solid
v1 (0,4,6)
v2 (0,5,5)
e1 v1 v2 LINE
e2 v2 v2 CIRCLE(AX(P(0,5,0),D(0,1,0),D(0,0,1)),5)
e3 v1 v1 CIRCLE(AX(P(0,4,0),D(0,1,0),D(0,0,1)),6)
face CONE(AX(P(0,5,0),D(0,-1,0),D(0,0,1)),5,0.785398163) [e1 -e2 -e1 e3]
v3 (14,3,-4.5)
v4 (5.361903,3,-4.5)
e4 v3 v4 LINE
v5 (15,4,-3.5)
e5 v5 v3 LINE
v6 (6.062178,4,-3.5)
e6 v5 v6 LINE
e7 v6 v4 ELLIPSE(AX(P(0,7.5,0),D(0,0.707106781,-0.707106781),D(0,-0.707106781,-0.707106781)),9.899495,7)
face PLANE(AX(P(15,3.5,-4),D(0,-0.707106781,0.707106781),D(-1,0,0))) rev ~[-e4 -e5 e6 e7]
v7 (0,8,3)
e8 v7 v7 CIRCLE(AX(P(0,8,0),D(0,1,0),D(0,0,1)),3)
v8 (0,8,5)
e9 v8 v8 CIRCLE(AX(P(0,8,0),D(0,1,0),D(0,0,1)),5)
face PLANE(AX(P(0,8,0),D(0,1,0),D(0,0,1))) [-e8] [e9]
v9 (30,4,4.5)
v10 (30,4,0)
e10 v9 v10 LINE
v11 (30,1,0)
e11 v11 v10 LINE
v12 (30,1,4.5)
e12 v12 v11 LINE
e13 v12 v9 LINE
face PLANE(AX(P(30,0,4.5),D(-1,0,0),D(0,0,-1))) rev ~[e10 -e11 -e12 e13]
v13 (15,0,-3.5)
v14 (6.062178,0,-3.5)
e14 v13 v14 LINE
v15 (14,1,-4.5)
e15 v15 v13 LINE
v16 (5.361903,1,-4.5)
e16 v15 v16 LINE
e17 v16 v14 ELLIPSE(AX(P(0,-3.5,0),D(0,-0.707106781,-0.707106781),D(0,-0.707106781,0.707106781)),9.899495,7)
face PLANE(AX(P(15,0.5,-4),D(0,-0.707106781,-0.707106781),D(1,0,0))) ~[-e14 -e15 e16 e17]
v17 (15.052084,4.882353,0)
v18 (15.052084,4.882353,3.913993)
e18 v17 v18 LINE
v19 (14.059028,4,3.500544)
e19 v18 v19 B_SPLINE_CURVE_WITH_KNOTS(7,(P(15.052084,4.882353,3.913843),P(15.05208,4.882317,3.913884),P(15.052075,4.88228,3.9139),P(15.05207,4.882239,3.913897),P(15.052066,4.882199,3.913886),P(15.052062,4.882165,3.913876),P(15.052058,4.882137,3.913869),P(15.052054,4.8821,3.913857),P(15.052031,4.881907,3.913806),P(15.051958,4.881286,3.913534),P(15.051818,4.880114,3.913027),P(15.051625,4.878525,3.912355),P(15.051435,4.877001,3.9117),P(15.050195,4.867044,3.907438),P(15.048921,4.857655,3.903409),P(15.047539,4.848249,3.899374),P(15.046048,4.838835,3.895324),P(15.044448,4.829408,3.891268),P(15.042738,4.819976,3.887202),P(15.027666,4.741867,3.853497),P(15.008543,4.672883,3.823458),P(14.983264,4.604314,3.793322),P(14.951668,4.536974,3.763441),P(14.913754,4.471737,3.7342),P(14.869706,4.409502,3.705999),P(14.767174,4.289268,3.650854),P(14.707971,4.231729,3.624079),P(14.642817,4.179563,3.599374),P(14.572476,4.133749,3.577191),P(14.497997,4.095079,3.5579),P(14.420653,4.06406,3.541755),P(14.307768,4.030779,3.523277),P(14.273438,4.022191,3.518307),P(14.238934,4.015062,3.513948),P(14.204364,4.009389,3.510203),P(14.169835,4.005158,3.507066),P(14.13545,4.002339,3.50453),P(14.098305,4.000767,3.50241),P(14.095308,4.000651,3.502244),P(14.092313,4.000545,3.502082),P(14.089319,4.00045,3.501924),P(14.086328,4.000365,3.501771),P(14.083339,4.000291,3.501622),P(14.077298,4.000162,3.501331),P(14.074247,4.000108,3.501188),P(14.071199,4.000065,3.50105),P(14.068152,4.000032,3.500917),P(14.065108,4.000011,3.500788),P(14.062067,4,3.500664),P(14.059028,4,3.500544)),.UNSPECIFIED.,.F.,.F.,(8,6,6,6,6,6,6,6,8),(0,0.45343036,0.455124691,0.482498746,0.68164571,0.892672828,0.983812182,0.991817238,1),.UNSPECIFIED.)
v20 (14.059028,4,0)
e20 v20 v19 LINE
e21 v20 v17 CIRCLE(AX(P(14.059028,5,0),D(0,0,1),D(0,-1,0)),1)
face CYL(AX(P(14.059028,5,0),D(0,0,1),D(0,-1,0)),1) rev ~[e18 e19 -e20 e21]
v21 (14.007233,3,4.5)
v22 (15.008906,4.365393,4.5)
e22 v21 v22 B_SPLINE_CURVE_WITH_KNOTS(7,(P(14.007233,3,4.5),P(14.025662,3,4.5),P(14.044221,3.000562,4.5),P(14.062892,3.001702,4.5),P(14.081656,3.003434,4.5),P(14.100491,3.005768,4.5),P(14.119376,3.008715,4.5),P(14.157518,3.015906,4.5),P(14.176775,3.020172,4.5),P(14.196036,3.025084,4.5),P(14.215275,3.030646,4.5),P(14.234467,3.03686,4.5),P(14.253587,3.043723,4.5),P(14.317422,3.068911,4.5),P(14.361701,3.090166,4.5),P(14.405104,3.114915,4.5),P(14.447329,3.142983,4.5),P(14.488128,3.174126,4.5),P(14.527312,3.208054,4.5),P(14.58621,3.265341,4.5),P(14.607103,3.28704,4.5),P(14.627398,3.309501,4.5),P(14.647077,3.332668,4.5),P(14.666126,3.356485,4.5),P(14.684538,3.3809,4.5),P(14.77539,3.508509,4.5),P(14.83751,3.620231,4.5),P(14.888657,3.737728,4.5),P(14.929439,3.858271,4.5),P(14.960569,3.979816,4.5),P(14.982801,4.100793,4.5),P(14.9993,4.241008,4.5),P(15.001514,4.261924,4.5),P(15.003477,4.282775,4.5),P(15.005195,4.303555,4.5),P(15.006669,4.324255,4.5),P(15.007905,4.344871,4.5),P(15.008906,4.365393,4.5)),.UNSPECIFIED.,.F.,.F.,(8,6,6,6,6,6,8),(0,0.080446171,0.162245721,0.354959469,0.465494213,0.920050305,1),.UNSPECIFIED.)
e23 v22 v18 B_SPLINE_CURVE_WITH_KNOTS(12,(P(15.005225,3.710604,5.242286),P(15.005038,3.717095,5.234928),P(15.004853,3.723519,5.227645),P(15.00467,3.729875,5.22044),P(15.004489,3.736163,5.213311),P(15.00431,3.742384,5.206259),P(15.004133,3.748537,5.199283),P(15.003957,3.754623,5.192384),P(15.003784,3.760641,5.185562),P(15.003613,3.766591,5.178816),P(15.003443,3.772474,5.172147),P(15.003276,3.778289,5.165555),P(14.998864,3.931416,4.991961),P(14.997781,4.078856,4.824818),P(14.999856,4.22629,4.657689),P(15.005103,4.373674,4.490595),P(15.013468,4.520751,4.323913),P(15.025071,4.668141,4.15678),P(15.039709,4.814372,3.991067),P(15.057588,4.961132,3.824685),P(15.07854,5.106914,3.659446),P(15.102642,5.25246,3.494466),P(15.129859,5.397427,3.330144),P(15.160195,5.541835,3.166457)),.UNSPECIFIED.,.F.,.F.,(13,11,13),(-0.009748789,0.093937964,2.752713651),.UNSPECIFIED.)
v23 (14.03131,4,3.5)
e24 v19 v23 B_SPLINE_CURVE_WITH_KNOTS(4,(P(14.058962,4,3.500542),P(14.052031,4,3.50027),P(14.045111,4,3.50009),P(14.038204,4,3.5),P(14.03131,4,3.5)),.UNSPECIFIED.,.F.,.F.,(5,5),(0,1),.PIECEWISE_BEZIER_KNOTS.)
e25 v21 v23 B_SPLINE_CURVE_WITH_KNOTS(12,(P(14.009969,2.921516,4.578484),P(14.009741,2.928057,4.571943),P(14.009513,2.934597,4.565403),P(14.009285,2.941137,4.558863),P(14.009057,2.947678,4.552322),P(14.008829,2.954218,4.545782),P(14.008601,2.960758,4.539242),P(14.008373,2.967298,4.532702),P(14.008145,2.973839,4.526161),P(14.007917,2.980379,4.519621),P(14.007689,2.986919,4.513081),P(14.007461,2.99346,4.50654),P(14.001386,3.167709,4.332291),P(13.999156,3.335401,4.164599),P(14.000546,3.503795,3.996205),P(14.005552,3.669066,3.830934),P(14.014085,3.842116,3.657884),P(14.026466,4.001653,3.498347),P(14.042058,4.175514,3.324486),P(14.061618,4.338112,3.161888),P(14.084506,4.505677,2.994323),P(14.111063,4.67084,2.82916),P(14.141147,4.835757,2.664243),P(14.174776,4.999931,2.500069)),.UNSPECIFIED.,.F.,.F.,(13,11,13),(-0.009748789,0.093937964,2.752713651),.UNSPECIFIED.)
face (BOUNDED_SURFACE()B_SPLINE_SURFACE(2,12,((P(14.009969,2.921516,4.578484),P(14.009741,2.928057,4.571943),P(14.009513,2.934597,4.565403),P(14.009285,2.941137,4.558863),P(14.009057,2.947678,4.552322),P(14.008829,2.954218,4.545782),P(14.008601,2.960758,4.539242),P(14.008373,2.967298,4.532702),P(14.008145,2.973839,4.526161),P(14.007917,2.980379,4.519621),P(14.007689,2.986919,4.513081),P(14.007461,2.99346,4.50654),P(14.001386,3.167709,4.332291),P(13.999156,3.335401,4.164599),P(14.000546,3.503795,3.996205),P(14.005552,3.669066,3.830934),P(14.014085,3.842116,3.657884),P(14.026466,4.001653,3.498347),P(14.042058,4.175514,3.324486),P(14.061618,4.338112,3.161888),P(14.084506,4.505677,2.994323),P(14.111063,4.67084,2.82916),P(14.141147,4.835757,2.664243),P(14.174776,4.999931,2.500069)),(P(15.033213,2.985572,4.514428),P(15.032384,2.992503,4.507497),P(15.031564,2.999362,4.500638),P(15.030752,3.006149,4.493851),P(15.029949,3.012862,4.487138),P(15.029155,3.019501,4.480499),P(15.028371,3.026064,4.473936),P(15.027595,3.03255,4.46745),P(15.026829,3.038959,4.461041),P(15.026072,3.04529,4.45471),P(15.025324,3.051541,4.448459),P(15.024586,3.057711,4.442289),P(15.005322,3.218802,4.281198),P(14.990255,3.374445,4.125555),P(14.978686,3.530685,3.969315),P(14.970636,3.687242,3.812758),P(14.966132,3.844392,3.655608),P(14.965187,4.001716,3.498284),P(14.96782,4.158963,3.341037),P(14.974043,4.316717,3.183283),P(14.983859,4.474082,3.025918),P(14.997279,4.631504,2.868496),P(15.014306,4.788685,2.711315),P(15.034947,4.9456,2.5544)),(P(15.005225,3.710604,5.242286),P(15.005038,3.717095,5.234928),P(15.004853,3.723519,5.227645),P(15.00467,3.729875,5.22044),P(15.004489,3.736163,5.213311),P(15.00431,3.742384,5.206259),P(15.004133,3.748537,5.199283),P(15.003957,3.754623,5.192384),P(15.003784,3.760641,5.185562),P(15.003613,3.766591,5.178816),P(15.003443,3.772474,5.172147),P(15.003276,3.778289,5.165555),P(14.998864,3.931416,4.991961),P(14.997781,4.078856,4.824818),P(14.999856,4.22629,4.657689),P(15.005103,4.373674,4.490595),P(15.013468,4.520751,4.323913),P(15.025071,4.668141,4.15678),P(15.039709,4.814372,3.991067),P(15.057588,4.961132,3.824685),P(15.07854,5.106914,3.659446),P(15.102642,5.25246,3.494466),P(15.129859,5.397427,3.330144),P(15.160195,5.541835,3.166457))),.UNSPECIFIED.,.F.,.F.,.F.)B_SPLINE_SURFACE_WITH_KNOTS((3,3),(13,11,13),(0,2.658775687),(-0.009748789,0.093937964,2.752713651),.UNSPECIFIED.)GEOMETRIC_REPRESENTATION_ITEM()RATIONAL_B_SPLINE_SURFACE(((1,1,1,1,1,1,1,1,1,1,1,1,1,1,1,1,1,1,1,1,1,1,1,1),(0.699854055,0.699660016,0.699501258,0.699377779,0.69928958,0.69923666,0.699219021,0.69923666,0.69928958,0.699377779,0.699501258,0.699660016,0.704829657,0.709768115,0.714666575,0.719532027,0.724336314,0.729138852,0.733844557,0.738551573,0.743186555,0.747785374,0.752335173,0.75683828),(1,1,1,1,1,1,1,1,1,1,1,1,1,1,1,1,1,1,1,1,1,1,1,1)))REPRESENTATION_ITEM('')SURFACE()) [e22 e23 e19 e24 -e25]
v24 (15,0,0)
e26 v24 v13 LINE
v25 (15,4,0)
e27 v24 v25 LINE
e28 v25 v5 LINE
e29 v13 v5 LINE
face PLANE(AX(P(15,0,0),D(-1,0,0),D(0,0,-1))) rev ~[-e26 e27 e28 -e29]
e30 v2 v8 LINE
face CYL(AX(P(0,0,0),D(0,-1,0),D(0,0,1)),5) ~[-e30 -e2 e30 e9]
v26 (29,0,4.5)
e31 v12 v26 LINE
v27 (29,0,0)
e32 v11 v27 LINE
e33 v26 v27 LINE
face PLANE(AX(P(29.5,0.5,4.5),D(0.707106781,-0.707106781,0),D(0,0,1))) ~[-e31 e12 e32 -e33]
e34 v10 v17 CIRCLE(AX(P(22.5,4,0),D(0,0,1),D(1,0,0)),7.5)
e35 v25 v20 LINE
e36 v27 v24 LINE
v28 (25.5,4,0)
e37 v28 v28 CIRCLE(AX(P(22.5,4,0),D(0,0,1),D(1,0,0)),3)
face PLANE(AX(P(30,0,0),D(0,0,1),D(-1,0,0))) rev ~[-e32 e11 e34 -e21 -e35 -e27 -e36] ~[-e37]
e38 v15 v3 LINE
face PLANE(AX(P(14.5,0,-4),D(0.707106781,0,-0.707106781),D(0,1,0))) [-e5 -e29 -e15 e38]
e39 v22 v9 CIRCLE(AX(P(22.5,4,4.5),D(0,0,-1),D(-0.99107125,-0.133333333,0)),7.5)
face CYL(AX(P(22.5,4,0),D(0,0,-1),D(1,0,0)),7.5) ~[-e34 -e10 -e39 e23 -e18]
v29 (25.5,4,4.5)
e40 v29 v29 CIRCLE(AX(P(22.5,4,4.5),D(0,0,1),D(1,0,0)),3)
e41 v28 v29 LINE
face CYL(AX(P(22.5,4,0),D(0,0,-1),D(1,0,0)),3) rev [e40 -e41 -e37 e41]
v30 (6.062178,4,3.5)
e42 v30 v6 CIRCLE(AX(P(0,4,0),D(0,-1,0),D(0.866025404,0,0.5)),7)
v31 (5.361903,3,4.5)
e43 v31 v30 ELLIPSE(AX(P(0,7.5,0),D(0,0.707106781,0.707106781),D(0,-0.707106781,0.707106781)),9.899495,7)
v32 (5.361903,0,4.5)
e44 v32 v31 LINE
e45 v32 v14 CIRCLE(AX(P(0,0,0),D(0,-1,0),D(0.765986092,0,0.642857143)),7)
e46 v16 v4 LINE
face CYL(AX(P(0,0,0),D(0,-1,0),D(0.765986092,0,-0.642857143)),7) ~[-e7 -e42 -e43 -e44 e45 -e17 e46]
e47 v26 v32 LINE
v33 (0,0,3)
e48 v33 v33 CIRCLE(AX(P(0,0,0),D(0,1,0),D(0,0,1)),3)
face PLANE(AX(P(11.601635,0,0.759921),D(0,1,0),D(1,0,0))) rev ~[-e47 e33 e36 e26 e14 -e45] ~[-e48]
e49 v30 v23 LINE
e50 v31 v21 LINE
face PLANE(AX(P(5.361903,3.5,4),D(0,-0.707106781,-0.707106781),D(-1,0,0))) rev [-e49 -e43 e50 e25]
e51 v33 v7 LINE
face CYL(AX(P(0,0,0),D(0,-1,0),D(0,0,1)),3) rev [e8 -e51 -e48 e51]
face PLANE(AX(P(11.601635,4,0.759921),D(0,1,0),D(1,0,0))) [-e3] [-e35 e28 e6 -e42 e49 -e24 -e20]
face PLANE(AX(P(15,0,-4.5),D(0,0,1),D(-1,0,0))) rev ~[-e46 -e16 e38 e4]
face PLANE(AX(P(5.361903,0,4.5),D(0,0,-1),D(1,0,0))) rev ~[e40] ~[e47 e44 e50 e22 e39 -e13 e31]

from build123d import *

# Parameters (mm, degrees)
SKETCH1_R           = 5
BOSS_EXTRUDE1_DEPTH = 4
SKETCH1_3_R         = 5
SKETCH1_3_R_2       = 3
BOSS_EXTRUDE2_DEPTH = 8
SKETCH2_R           = 3
BOSS_EXTRUDE3_DEPTH = 4.5
CUT_EXTRUDE1_START  = -4.5
SKETCH3_R           = 3
CUT_EXTRUDE1_DEPTH  = 4.5
CHAMFER1_SIZE       = 1
FILLET1_R           = 1


with BuildPart() as part:
    # Sketch1 → Boss-Extrude1 (new body)
    with BuildSketch(Plane(origin=(0, 0, 0), x_dir=(1, 0, 0), z_dir=(0, 1, 0))):
        with BuildLine():
            Line((15, 0), (15, 4.5))
            Line((15, 4.5), (5.361902647, 4.5))
            ThreePointArc((5.361902647, 4.5), (-7, 0), (5.361902647, -4.5))
            Line((5.361902647, -4.5), (30, -4.5))
            Line((30, -4.5), (30, 0))
            Line((30, 0), (15, 0))
        make_face()
        Circle(SKETCH1_R, mode=Mode.SUBTRACT)
    extrude(amount=BOSS_EXTRUDE1_DEPTH)

    # Sketch1<3> → Boss-Extrude2 (add)
    with BuildSketch(Plane(origin=(0, 0, 0), x_dir=(1, 0, 0), z_dir=(0, 1, 0))):
        Circle(SKETCH1_3_R)
        Circle(SKETCH1_3_R_2, mode=Mode.SUBTRACT)
    extrude(amount=BOSS_EXTRUDE2_DEPTH)

    # Sketch2 → Boss-Extrude3 (add)
    with BuildSketch(Plane.XY):
        with BuildLine():
            Line((15, 4), (15, 0))
            Line((15, 0), (30, 0))
            Line((30, 0), (30, 4))
            ThreePointArc((30, 4), (22.5, 11.5), (15, 4))
        make_face()
        with Locations((22.5, 4)):
            Circle(SKETCH2_R, mode=Mode.SUBTRACT)
    extrude(amount=BOSS_EXTRUDE3_DEPTH)

    # Sketch3 → Cut-Extrude1 (cut)
    with BuildSketch(Plane.XY.offset(4.5).offset(CUT_EXTRUDE1_START)):
        with Locations((22.5, 4)):
            Circle(SKETCH3_R)
    extrude(amount=CUT_EXTRUDE1_DEPTH, mode=Mode.SUBTRACT)

    # Chamfer1
    chamfer1_edges = [part.edges().sort_by_distance(p)[0] for p in [
        (-5, 4, 0),
        (30, 0, 2.25),
        (10.180951324, 4, 4.5),
        (10.180951324, 0, -4.5),
        (10.180951324, 4, -4.5),
        (15, 2, -4.5),
    ]]
    chamfer(chamfer1_edges, length=CHAMFER1_SIZE)

    # Fillet1
    fillet1_edges = [part.edges().sort_by_distance(p)[0] for p in [
        (15.016722764, 3.499438512, 4.000561488),
        (15, 4, 1.75),
    ]]
    fillet(fillet1_edges, radius=FILLET1_R)


solid = part.part
